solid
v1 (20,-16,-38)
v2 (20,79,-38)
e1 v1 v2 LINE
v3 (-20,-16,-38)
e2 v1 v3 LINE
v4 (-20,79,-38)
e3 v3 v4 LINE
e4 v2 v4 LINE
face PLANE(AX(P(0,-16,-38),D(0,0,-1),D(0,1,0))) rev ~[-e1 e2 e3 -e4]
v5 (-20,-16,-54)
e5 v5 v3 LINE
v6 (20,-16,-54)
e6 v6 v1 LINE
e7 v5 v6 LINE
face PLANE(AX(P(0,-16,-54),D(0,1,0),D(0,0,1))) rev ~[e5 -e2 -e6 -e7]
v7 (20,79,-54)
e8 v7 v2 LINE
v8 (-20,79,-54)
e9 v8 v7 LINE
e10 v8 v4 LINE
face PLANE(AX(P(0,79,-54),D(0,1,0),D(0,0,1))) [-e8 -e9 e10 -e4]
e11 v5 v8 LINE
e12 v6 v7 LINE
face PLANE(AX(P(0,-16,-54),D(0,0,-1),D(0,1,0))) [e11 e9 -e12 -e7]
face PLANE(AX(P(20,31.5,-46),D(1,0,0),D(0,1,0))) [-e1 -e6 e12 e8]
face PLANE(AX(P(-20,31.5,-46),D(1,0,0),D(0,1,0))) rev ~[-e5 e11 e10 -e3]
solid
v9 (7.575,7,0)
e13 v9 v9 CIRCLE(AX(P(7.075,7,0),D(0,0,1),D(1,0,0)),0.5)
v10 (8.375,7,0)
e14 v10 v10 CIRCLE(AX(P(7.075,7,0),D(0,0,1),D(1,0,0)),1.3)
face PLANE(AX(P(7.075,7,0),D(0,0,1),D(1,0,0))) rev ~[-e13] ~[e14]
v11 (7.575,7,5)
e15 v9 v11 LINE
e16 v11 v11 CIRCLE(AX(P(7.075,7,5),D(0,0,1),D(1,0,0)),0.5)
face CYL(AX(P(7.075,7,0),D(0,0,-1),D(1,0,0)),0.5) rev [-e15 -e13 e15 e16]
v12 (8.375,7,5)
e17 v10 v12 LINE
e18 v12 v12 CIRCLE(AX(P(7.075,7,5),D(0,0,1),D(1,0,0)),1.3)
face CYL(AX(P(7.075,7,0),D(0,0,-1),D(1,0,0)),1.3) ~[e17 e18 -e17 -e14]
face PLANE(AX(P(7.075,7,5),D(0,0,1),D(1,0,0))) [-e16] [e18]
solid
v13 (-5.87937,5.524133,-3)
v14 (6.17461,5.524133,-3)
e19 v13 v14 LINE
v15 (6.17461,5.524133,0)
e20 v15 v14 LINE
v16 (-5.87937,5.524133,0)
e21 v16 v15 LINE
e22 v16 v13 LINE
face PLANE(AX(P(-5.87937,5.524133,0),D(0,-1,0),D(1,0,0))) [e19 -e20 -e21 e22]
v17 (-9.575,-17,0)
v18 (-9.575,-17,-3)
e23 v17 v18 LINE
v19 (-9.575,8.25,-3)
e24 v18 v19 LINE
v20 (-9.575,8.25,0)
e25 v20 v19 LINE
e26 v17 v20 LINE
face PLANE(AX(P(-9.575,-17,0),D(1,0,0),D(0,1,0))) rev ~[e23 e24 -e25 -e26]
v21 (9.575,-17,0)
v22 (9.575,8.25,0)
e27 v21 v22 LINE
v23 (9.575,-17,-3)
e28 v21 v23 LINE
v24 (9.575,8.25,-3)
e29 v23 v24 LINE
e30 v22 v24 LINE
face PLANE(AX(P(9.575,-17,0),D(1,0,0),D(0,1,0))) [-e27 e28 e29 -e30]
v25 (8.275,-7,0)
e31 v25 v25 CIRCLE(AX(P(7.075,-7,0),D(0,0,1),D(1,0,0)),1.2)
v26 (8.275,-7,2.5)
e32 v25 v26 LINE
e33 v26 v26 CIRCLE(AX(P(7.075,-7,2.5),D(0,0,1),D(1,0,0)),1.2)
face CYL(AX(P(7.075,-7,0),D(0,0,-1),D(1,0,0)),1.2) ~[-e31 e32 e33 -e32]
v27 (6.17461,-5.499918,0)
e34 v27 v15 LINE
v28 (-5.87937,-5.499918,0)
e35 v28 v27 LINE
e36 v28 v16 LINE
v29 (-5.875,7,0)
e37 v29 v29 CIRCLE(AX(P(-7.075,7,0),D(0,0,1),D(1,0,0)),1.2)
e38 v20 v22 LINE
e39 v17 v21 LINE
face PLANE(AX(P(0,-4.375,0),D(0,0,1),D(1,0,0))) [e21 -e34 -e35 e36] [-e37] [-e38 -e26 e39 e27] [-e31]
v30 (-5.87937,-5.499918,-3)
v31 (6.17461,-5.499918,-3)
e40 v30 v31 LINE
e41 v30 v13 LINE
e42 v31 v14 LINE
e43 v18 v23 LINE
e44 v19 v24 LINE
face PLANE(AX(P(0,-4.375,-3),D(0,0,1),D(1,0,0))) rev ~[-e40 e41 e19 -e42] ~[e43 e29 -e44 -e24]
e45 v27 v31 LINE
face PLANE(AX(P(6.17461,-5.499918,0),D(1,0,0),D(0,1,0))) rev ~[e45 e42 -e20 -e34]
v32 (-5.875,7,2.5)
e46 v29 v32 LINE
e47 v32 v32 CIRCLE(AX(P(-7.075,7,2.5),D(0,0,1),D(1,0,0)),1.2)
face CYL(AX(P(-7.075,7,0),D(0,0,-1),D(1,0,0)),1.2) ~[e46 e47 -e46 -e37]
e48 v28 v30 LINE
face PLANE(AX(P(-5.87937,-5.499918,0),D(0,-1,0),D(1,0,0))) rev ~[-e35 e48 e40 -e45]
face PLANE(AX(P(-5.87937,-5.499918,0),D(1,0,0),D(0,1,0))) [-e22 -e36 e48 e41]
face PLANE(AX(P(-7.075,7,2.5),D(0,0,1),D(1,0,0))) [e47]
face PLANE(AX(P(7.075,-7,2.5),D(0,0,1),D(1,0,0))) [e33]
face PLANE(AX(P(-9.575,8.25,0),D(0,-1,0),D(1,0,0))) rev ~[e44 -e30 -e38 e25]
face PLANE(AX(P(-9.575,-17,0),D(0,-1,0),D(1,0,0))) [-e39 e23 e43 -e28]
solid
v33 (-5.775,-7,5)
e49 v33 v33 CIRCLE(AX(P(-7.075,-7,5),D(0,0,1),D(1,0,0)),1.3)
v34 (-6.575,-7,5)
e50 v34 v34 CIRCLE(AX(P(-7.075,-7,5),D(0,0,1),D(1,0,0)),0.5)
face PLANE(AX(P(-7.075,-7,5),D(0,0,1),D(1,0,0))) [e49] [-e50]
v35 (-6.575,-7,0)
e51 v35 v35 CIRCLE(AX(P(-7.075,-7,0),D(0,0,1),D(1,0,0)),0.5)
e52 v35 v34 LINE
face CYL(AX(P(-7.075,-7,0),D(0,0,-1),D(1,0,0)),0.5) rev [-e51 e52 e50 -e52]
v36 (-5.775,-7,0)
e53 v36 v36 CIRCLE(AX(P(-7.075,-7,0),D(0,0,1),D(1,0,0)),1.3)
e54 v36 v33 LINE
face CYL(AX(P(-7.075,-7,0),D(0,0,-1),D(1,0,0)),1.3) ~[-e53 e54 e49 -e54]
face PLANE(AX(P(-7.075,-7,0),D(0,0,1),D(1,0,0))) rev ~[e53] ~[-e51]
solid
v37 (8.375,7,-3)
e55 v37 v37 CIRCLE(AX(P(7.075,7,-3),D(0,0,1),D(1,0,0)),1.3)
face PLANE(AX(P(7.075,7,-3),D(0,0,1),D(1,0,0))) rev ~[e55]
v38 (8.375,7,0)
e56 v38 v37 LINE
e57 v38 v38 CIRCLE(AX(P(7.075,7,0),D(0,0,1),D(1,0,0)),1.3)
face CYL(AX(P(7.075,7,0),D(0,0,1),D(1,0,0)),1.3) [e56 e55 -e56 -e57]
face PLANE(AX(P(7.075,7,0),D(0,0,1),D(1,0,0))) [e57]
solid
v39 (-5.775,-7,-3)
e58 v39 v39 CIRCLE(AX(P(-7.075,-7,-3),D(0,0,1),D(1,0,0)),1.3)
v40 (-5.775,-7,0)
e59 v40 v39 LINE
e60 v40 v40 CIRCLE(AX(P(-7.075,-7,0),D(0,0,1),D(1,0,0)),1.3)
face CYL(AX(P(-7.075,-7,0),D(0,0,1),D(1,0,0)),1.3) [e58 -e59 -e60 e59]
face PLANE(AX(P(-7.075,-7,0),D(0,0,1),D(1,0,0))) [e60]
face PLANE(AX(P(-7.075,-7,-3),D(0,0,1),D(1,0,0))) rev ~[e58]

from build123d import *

# Parameters (mm, degrees)
F0_R           = 1.3
F1_DEPTH       = 5
F2_R           = 0.5
F3_DEPTH       = 5
F4_W           = 19.15
F4_H           = 25.25
F4_W_2         = 12.05398
F4_H_2         = 11.024051
F5_DEPTH       = 3
F6_DEPTH       = 3
F7_R           = 1.2
F8_DEPTH       = 2.5
F9_W           = 95
F9_H           = 16
F10_DEPTH      = 20
F10_DEPTH_BACK = 20


with BuildPart() as f1:
    # F0 (on Top) → F1 (new body)
    with BuildSketch(Plane.XY):
        with Locations((7.075, 7)):
            Circle(F0_R)
        with Locations((-7.075, -7)):
            Circle(F0_R)
    extrude(amount=F1_DEPTH)

    # F2 (on Top) → F3 (cut)
    with BuildSketch(Plane.XY):
        with Locations((-7.075, -7)):
            Circle(F2_R)
        with Locations((7.075, 7)):
            Circle(F2_R)
    extrude(amount=F3_DEPTH, mode=Mode.SUBTRACT)


with BuildPart() as f5:
    # F4 (on Top) → F5 (new body)
    with BuildSketch(Plane.XY):
        with Locations((0, -4.375)):
            Rectangle(F4_W, F4_H)
        with Locations((0.14762, 0.012107)):
            Rectangle(F4_W_2, F4_H_2, mode=Mode.SUBTRACT)
    extrude(amount=-F5_DEPTH)

    # F7 (on Top) → F8 (join)
    with BuildSketch(Plane.XY):
        with Locations((-7.075, 7)):
            Circle(F7_R)
        with Locations((7.075, -7)):
            Circle(F7_R)
    extrude(amount=F8_DEPTH)


with BuildPart() as f6:
    # F0 (on Top) → F6 (new body)
    with BuildSketch(Plane.XY):
        with Locations((7.075, 7)):
            Circle(F0_R)
        with Locations((-7.075, -7)):
            Circle(F0_R)
    extrude(amount=-F6_DEPTH)


with BuildPart() as f10:
    # F9 (on Right) → F10 (new body, two sides)
    with BuildSketch(Plane.YZ) as f10_sk:
        with Locations((31.5, -46)):
            Rectangle(F9_W, F9_H)
    extrude(amount=F10_DEPTH)
    extrude(f10_sk.sketch, amount=-F10_DEPTH_BACK)


solid = Compound([f1.part, f5.part, f6.part, f10.part])
